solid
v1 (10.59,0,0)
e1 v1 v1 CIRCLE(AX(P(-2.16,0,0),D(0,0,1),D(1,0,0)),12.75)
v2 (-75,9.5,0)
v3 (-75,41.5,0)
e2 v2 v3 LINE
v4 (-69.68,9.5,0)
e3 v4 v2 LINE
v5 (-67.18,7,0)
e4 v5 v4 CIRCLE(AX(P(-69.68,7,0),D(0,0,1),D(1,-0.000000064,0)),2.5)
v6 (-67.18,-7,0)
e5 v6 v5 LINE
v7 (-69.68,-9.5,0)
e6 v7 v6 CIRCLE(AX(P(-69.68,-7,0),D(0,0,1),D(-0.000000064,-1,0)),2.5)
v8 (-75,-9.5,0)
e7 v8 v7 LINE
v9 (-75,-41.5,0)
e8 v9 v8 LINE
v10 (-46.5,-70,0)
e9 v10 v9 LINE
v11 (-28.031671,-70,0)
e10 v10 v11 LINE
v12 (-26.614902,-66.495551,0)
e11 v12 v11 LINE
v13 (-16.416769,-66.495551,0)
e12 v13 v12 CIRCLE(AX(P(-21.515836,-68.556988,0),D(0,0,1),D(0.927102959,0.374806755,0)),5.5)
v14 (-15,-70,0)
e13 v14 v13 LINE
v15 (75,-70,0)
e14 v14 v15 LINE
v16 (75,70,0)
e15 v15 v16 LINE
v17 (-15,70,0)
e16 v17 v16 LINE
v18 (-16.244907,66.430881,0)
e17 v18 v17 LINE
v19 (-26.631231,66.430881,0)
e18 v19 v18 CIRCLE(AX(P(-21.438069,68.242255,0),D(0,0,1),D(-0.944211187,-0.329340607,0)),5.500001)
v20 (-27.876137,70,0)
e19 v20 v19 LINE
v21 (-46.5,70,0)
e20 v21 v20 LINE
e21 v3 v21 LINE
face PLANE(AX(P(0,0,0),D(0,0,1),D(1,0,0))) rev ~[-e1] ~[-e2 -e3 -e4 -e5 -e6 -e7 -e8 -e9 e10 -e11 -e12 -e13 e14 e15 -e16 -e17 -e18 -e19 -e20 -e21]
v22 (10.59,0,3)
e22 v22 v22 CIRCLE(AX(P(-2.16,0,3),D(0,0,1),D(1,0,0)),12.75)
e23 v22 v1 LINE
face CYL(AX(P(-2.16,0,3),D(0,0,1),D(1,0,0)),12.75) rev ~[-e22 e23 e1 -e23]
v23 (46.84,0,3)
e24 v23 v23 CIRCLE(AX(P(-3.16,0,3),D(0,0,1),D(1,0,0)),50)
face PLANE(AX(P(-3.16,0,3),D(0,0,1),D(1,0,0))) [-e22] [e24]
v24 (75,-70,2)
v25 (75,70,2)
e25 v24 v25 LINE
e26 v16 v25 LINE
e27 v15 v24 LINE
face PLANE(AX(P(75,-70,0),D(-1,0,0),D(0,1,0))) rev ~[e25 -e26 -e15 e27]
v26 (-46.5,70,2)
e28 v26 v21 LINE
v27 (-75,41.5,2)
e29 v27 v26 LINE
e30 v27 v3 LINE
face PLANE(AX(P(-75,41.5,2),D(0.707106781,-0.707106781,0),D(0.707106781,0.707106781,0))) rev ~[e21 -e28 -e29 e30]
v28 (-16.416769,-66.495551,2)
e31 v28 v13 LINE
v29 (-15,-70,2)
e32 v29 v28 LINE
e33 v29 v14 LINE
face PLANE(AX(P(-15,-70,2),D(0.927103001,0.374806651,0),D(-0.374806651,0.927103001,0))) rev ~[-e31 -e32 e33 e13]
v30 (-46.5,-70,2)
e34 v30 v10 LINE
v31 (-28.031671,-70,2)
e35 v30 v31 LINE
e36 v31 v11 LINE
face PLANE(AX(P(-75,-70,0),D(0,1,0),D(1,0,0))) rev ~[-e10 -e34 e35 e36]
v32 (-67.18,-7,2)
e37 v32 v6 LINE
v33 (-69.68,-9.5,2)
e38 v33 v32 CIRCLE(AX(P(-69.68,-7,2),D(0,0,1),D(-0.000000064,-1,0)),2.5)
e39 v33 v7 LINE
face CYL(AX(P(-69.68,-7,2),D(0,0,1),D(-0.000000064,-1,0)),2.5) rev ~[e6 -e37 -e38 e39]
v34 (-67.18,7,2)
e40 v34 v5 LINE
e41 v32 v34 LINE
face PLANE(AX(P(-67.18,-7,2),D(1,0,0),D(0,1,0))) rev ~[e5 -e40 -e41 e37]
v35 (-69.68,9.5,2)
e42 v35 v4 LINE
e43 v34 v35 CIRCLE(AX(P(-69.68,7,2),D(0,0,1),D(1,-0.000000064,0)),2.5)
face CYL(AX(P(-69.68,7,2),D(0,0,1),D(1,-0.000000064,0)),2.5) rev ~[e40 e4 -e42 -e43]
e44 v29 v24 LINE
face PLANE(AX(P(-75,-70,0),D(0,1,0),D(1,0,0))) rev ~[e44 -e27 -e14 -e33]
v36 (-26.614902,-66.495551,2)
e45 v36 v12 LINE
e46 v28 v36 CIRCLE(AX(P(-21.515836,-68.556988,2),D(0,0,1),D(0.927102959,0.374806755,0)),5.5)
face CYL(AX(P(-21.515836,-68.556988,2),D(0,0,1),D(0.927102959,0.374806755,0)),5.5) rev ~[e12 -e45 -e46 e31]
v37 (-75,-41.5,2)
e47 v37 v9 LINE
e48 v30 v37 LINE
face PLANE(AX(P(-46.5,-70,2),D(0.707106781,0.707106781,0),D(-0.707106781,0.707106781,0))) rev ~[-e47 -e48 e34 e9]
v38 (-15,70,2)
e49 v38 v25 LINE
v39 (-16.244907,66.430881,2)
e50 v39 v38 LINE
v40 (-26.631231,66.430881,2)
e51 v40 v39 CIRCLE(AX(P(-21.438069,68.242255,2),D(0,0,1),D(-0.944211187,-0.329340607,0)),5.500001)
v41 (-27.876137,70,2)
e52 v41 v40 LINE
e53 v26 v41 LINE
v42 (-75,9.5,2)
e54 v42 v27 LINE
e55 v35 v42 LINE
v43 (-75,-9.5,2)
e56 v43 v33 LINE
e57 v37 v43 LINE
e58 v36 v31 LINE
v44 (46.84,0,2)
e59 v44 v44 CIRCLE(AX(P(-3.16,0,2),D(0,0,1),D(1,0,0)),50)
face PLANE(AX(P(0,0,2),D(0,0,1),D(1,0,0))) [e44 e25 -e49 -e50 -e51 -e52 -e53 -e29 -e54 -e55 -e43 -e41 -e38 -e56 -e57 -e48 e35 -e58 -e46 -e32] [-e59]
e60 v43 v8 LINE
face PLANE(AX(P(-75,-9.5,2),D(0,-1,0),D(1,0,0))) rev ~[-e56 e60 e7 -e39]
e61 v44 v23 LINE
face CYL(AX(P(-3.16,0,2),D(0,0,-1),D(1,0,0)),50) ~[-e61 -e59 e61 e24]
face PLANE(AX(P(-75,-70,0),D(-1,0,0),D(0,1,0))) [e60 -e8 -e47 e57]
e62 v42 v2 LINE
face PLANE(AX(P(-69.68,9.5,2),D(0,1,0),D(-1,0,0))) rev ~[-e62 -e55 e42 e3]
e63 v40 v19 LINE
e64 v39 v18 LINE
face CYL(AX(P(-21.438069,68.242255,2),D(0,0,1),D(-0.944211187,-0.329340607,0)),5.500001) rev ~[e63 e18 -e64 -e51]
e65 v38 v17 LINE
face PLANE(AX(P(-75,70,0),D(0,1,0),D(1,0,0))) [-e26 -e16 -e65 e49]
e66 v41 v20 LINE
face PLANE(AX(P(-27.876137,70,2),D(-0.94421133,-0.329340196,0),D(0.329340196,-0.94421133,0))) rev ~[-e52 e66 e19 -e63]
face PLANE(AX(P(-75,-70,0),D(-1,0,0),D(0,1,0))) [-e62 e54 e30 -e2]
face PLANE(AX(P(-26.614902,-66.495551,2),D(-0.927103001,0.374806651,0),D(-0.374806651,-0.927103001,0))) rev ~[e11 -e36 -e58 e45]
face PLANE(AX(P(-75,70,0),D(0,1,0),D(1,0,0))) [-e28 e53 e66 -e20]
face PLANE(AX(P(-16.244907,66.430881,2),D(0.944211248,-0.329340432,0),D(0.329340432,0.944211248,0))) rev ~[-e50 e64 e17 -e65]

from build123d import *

# Parameters (mm, degrees)
F0_W      = 150
F0_H      = 140
F1_DEPTH  = 2
F3_DEPTH  = 2.001
F5_DEPTH  = 2.001
F7_DEPTH  = 2.001
F8_R      = 50
F9_DEPTH  = 1
F10_R     = 12.75
F11_DEPTH = 25


with BuildPart() as f1:
    # F0 (on Top) → F1 (new body)
    with BuildSketch(Plane.XY):
        Rectangle(F0_W, F0_H)
    extrude(amount=F1_DEPTH)

    # F2 (on face) → F3 (cut, through all)
    with BuildSketch(Plane.XY.offset(2)):
        Polygon((-75, 70), (-75, 41.5), (-46.5, 70), align=None)
        Polygon((-46.5, -70), (-75, -41.5), (-75, -70), align=None)
    extrude(amount=-F3_DEPTH, mode=Mode.SUBTRACT)

    # F4 (on face) → F5 (cut, through all)
    with BuildSketch(Plane.XY.offset(2)):
        with BuildLine():
            Line((-69.68, 9.5), (-75, 9.5))
            Line((-75, 9.5), (-75, -9.5))
            Line((-75, -9.5), (-69.68, -9.5))
            ThreePointArc((-69.68, -9.5), (-67.912233, -8.767767), (-67.18, -7))
            Line((-67.18, -7), (-67.18, 7))
            ThreePointArc((-67.18, 7), (-67.912233, 8.767767), (-69.68, 9.5))
        make_face()
    extrude(amount=-F5_DEPTH, mode=Mode.SUBTRACT)

    # F6 (on face) → F7 (cut, through all)
    with BuildSketch(Plane.XY.offset(2)):
        with BuildLine():
            Line((-28.031671, -70), (-15, -70))
            Line((-15, -70), (-16.416769, -66.495551))
            ThreePointArc((-16.416769, -66.495551), (-21.515836, -63.056988), (-26.614902, -66.495551))
            Line((-26.614902, -66.495551), (-28.031671, -70))
        make_face()
        with BuildLine():
            Line((-27.876137, 70), (-26.631231, 66.430881))
            ThreePointArc((-26.631231, 66.430881), (-21.438069, 62.742254), (-16.244907, 66.430881))
            Line((-16.244907, 66.430881), (-15, 70))
            Line((-15, 70), (-27.876137, 70))
        make_face()
    extrude(amount=-F7_DEPTH, mode=Mode.SUBTRACT)

    # F8 (on face) → F9 (join)
    with BuildSketch(Plane.XY.offset(2)):
        with Locations((-3.16, 0)):
            Circle(F8_R)
    extrude(amount=F9_DEPTH)

    # F10 (on face) → F11 (cut)
    with BuildSketch(Plane.XY.offset(3)):
        with Locations((-2.16, 0)):
            Circle(F10_R)
    extrude(amount=-F11_DEPTH, mode=Mode.SUBTRACT)


solid = f1.part
